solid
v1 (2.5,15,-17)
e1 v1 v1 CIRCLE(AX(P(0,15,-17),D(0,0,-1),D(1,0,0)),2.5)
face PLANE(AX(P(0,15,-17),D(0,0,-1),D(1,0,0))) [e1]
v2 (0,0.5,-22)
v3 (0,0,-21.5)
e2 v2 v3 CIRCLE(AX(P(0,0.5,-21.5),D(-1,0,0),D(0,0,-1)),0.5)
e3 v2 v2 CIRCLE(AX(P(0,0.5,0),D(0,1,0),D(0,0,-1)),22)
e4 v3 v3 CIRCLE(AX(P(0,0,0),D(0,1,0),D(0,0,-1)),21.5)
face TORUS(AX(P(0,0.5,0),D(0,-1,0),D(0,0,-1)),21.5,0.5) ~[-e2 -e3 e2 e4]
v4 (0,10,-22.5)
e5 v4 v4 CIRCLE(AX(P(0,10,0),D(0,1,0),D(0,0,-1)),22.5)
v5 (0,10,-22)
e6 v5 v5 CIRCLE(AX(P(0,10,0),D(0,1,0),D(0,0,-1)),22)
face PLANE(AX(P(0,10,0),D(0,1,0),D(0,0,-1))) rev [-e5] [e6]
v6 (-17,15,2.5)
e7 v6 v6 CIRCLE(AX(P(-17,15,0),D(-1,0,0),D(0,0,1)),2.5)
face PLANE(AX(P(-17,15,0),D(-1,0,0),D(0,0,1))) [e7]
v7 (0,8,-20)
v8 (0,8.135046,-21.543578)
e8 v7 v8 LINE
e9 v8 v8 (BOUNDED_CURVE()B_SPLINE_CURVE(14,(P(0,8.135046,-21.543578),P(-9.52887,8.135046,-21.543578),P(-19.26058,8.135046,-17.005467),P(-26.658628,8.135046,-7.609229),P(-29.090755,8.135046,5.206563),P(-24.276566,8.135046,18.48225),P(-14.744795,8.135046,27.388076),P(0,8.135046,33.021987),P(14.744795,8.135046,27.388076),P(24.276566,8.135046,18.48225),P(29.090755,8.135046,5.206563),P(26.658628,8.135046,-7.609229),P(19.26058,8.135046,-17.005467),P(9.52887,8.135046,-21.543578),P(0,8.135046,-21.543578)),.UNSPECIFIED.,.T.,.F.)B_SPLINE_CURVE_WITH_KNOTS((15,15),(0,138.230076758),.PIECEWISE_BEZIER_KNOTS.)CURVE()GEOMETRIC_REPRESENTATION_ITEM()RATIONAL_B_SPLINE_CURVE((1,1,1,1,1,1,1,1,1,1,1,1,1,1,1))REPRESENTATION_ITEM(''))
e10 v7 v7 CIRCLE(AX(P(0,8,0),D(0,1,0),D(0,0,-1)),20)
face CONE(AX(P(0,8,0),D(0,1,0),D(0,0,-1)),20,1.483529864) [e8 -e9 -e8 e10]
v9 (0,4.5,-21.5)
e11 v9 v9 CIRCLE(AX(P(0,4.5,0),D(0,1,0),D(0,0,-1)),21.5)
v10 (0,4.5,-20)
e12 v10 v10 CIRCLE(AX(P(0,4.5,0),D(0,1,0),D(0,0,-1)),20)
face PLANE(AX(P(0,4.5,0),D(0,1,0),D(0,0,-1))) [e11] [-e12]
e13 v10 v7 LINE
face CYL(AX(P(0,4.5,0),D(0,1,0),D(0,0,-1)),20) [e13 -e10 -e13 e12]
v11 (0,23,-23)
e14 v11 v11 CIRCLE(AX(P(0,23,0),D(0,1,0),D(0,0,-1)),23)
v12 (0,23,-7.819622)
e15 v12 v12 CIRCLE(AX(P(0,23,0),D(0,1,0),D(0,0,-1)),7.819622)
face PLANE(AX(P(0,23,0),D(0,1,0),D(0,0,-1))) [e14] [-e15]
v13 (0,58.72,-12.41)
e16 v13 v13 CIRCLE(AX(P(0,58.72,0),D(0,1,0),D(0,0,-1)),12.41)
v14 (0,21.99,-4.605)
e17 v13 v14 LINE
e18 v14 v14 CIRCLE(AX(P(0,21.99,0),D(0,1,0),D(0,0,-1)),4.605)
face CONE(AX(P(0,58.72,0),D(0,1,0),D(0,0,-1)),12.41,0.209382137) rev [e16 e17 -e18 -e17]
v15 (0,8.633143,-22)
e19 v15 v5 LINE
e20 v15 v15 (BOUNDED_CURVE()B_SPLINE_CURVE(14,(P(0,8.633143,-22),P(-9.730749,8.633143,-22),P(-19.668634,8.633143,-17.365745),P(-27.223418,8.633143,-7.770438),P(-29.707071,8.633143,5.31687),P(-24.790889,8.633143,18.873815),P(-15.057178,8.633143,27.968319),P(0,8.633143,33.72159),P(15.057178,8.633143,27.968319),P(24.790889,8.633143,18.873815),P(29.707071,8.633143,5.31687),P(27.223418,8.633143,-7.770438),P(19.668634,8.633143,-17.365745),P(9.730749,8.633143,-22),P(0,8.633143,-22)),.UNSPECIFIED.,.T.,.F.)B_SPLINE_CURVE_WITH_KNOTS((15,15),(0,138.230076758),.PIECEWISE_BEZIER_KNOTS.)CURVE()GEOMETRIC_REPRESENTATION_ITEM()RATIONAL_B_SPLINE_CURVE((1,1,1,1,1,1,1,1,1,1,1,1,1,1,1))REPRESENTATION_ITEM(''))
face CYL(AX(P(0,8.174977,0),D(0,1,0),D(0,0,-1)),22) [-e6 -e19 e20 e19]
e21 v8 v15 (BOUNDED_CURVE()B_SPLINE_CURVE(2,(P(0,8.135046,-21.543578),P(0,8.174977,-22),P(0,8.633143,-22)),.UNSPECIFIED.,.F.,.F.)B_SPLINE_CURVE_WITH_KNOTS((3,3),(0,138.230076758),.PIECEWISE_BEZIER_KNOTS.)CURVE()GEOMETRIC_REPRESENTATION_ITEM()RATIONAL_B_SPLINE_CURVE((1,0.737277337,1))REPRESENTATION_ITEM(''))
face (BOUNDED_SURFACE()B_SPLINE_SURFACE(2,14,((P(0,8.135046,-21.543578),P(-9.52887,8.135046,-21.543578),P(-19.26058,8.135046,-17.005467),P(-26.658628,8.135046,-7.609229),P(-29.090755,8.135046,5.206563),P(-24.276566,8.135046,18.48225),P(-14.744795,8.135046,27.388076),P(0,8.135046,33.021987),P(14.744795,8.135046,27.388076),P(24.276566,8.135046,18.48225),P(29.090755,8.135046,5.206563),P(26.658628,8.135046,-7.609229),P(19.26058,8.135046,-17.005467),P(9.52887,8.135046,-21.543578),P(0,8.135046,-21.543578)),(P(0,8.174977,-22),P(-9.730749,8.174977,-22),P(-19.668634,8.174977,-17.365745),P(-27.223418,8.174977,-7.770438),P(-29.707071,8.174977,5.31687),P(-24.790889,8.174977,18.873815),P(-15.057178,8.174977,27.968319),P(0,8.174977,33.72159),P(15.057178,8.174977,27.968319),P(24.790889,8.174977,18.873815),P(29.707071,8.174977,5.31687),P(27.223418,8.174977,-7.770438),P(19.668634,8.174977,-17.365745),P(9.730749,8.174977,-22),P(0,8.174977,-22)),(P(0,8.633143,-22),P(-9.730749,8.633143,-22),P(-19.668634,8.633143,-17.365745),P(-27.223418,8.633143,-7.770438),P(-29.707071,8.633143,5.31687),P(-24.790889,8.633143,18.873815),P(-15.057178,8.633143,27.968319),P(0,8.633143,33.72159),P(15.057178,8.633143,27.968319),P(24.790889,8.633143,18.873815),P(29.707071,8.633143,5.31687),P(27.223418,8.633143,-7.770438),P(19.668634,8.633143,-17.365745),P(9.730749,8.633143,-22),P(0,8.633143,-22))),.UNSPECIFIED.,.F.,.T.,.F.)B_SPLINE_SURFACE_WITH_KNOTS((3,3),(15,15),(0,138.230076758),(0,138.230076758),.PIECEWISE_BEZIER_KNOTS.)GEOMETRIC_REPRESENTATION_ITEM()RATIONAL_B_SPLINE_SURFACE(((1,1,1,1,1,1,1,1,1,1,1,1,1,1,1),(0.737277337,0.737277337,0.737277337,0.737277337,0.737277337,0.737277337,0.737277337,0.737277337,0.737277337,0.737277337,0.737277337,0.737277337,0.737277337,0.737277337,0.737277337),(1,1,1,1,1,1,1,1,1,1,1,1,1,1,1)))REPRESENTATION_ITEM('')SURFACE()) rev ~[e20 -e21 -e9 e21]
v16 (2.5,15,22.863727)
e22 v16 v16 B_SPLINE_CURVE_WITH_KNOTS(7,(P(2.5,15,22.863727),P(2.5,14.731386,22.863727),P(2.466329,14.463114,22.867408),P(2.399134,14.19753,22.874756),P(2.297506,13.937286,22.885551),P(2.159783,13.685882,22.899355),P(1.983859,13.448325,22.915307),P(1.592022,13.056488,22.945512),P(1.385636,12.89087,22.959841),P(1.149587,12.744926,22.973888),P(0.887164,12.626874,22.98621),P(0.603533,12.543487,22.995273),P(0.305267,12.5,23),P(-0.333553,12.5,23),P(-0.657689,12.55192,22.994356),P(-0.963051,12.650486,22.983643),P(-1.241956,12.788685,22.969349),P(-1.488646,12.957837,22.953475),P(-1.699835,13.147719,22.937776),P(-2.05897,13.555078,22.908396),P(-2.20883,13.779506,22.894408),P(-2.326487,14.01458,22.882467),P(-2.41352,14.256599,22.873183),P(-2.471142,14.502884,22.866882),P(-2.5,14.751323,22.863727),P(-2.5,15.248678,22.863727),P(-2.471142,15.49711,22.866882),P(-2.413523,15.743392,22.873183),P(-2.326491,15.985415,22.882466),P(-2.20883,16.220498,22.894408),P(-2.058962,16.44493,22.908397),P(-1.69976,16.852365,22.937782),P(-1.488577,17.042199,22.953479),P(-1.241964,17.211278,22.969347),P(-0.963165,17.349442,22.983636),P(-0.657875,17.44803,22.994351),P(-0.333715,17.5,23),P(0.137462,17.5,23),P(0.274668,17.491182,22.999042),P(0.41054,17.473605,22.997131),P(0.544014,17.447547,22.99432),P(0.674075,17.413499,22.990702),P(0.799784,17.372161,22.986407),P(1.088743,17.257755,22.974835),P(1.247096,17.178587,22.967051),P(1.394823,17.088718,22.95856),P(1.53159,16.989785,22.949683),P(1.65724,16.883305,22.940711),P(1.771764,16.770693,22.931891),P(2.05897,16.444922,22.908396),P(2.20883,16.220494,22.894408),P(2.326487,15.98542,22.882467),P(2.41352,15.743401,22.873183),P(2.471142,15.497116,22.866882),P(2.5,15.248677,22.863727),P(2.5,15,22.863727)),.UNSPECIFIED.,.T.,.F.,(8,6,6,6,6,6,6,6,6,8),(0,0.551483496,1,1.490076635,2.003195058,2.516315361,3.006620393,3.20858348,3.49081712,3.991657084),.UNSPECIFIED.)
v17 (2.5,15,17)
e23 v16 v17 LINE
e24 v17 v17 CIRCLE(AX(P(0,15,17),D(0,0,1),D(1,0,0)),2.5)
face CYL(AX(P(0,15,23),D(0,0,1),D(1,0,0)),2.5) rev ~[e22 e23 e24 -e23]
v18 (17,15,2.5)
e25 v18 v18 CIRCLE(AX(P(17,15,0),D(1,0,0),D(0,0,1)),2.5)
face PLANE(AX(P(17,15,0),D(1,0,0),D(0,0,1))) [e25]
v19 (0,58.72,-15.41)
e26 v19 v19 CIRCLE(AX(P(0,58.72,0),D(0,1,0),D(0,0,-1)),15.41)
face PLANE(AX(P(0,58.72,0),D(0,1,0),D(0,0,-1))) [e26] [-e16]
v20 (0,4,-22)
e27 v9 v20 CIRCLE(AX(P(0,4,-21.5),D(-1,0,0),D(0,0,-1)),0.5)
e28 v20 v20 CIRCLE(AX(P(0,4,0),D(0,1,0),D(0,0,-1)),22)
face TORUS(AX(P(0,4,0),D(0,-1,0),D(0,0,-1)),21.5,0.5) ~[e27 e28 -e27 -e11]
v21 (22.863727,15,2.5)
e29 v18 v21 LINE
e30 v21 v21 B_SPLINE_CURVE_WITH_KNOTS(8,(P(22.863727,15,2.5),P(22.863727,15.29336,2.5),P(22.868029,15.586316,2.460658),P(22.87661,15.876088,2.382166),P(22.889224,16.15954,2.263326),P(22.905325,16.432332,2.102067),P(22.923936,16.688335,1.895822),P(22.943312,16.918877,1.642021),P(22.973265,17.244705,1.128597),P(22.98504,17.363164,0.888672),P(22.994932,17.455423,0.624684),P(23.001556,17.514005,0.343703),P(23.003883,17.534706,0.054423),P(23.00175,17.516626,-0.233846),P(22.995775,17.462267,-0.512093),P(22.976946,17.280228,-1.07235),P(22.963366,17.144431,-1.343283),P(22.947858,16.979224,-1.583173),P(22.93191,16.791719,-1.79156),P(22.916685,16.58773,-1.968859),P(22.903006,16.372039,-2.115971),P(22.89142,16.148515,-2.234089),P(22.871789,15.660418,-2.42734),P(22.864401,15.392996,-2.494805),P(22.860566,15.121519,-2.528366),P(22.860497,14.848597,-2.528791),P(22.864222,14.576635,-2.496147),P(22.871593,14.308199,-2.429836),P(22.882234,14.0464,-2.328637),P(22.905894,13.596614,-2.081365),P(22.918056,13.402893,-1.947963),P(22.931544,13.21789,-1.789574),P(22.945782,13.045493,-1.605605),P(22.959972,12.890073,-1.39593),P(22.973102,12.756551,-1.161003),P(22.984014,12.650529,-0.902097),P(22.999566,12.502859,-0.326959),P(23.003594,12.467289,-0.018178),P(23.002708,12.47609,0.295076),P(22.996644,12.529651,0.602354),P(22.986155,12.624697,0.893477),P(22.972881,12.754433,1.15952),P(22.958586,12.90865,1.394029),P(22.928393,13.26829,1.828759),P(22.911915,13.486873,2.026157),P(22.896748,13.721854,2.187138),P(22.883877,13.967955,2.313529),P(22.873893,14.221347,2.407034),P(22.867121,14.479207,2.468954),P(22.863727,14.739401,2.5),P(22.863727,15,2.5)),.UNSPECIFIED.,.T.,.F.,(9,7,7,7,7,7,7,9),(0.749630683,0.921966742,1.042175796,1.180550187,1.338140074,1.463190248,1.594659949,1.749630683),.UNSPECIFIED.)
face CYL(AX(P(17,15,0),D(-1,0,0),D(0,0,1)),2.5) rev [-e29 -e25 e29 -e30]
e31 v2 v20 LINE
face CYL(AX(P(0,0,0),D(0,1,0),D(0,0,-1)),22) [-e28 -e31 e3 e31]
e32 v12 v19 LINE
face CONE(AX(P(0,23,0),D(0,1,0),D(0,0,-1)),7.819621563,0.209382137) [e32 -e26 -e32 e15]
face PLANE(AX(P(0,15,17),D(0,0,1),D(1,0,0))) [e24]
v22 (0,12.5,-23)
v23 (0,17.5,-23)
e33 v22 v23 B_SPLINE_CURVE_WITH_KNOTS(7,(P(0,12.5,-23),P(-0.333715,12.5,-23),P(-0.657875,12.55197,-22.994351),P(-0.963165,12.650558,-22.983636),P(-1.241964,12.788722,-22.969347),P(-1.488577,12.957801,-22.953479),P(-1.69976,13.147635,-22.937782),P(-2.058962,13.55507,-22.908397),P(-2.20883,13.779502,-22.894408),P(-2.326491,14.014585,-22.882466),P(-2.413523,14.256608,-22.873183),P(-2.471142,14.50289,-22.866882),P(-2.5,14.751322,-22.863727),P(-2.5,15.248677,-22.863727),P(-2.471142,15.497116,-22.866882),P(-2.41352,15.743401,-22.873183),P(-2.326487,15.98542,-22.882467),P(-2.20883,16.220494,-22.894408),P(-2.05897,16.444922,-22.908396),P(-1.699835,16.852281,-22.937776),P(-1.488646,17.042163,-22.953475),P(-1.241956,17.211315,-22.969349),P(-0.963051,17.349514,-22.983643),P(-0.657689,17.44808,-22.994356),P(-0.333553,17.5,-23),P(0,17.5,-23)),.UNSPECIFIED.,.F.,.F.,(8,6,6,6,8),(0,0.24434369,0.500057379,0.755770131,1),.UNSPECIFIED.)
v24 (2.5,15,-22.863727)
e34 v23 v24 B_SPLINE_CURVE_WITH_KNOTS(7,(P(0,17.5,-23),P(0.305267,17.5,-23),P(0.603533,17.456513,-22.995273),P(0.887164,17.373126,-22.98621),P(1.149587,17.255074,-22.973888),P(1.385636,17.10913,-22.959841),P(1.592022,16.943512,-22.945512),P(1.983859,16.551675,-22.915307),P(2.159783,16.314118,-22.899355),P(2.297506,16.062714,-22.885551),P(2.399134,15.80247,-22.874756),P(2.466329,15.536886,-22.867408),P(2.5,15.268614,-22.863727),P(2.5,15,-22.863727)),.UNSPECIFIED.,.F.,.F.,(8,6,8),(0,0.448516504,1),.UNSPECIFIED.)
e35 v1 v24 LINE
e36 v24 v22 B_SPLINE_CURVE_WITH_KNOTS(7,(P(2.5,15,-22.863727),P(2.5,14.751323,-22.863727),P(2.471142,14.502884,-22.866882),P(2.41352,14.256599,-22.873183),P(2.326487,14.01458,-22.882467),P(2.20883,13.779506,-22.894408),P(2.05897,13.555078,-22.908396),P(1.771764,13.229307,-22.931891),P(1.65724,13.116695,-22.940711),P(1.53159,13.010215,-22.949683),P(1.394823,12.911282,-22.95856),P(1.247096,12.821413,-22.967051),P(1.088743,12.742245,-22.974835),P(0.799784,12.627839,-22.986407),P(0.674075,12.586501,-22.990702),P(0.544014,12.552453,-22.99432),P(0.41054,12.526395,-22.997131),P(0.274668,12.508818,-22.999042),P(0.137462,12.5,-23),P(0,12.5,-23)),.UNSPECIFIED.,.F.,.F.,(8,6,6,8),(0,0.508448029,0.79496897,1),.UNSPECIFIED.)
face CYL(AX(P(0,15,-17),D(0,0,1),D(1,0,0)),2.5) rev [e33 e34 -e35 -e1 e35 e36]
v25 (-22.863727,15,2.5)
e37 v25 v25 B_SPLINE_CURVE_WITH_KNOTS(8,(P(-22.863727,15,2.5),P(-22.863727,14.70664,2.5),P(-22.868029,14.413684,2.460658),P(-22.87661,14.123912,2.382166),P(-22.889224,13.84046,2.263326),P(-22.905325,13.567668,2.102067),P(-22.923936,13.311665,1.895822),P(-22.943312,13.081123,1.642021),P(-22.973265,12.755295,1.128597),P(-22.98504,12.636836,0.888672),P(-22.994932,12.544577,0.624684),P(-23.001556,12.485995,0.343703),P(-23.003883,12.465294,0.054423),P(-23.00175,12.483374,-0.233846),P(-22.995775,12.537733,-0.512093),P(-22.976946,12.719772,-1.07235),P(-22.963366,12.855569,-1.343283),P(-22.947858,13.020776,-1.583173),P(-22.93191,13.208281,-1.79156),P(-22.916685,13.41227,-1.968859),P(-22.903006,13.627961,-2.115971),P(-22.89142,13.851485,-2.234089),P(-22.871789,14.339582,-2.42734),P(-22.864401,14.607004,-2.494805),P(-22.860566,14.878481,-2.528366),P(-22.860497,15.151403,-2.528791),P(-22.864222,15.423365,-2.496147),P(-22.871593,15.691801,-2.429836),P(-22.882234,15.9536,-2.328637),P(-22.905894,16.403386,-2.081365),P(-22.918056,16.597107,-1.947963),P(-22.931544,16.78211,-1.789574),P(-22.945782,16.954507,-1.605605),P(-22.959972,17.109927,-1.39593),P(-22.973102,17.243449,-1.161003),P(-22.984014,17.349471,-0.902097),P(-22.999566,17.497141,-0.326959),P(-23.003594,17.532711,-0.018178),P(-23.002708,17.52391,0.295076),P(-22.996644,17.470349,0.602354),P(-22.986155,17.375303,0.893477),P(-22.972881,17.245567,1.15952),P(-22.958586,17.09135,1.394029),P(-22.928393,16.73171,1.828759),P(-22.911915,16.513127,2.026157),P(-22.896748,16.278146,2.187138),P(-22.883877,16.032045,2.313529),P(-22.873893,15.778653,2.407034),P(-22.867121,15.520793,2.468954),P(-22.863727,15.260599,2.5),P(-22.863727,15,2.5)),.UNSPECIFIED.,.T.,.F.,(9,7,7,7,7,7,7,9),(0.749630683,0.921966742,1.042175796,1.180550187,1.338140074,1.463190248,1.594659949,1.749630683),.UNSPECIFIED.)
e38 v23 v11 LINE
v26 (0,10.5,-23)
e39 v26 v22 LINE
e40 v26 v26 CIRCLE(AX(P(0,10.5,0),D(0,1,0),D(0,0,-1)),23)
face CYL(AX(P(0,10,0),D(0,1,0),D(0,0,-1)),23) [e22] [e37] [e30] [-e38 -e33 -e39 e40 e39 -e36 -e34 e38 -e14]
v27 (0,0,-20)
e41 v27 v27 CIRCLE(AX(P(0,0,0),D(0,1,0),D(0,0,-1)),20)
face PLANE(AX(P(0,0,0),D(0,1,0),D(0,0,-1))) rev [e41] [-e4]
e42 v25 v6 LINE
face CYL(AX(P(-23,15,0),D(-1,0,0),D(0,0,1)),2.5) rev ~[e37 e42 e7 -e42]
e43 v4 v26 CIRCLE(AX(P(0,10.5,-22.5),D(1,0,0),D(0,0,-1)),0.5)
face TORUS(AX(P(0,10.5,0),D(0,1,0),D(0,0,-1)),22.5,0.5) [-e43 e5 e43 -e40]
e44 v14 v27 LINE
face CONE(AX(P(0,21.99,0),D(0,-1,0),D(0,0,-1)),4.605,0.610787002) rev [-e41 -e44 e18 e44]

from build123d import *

# Parameters (mm, degrees)
FILLET_3_R          = 0.5
FILLET_4_R          = 0.5
SKETCH_4_R          = 2.5
CUT_EXTRUDE_1_DEPTH = 6
SKETCH_5_R          = 2.5
CUT_EXTRUDE_2_DEPTH = 6
CUT_EXTRUDE_START   = -6
SKETCH_6_R          = 2.5
CUT_EXTRUDE_3_DEPTH = 6
SKETCH_7_R          = 2.5
CUT_EXTRUDE_4_DEPTH = 6
FILLET_5_R          = 0.5
FILLET_6_R          = 0.5


with BuildPart() as part:
    # 스케치1 → 회전2 (revolve)
    with BuildSketch(Plane.XY, mode=Mode.PRIVATE) as revolve_2_sk:
        Polygon((4.605, 21.99), (20, 0), (22, 0), (22, 4.5), (20, 4.5), (20, 8), (22, 8.174977327), (22, 10), (23, 10), (23, 23), (7.819621563, 23), (15.41, 58.72), (12.41, 58.72), align=None)
    revolve(revolve_2_sk.sketch.rotate(Axis((0, 0, 0), (0, 1, 0)), 90), axis=Axis((0, 0, 0), (0, 1, 0)))

    # 필렛3
    fillet_3_edges = [part.edges().sort_by_distance(p)[0] for p in [
        (0, 8.174977327, 22),
    ]]
    fillet(fillet_3_edges, radius=FILLET_3_R)

    # 필렛4
    fillet_4_edges = [part.edges().sort_by_distance(p)[0] for p in [
        (0, 4.5, 22),
    ]]
    fillet(fillet_4_edges, radius=FILLET_4_R)

    # 스케치4 → 컷-돌출1 (cut)
    with BuildSketch(Plane.ZY.offset(23)):
        with Locations((0, 15)):
            Circle(SKETCH_4_R)
    extrude(amount=-CUT_EXTRUDE_1_DEPTH, mode=Mode.SUBTRACT)

    # 스케치5 → 컷-돌출2 (cut)
    with BuildSketch(Plane.XY.offset(23)):
        with Locations((0, 15)):
            Circle(SKETCH_5_R)
    extrude(amount=-CUT_EXTRUDE_2_DEPTH, mode=Mode.SUBTRACT)

    # 스케치6 → 컷-돌출3 (cut)
    with BuildSketch(Plane(origin=(23, 0, 0), x_dir=(0, 0, -1), z_dir=(1, 0, 0)).offset(CUT_EXTRUDE_START)):
        with Locations(Location((0, 15, 0), (0, 0, 180))):
            Circle(SKETCH_6_R)
    extrude(amount=CUT_EXTRUDE_3_DEPTH, mode=Mode.SUBTRACT)

    # 스케치7 → 컷-돌출4 (cut)
    with BuildSketch(Plane(origin=(0, 0, -23), x_dir=(-1, 0, 0), z_dir=(0, 0, -1)).offset(CUT_EXTRUDE_START)):
        with Locations(Location((0, 15, 0), (0, 0, 180))):
            Circle(SKETCH_7_R)
    extrude(amount=CUT_EXTRUDE_4_DEPTH, mode=Mode.SUBTRACT)

    # 필렛5
    fillet_5_edges = [part.edges().sort_by_distance(p)[0] for p in [
        (0, 0, 22),
    ]]
    fillet(fillet_5_edges, radius=FILLET_5_R)

    # 필렛6
    fillet_6_edges = [part.edges().sort_by_distance(p)[0] for p in [
        (0, 10, 23),
    ]]
    fillet(fillet_6_edges, radius=FILLET_6_R)


solid = part.part
